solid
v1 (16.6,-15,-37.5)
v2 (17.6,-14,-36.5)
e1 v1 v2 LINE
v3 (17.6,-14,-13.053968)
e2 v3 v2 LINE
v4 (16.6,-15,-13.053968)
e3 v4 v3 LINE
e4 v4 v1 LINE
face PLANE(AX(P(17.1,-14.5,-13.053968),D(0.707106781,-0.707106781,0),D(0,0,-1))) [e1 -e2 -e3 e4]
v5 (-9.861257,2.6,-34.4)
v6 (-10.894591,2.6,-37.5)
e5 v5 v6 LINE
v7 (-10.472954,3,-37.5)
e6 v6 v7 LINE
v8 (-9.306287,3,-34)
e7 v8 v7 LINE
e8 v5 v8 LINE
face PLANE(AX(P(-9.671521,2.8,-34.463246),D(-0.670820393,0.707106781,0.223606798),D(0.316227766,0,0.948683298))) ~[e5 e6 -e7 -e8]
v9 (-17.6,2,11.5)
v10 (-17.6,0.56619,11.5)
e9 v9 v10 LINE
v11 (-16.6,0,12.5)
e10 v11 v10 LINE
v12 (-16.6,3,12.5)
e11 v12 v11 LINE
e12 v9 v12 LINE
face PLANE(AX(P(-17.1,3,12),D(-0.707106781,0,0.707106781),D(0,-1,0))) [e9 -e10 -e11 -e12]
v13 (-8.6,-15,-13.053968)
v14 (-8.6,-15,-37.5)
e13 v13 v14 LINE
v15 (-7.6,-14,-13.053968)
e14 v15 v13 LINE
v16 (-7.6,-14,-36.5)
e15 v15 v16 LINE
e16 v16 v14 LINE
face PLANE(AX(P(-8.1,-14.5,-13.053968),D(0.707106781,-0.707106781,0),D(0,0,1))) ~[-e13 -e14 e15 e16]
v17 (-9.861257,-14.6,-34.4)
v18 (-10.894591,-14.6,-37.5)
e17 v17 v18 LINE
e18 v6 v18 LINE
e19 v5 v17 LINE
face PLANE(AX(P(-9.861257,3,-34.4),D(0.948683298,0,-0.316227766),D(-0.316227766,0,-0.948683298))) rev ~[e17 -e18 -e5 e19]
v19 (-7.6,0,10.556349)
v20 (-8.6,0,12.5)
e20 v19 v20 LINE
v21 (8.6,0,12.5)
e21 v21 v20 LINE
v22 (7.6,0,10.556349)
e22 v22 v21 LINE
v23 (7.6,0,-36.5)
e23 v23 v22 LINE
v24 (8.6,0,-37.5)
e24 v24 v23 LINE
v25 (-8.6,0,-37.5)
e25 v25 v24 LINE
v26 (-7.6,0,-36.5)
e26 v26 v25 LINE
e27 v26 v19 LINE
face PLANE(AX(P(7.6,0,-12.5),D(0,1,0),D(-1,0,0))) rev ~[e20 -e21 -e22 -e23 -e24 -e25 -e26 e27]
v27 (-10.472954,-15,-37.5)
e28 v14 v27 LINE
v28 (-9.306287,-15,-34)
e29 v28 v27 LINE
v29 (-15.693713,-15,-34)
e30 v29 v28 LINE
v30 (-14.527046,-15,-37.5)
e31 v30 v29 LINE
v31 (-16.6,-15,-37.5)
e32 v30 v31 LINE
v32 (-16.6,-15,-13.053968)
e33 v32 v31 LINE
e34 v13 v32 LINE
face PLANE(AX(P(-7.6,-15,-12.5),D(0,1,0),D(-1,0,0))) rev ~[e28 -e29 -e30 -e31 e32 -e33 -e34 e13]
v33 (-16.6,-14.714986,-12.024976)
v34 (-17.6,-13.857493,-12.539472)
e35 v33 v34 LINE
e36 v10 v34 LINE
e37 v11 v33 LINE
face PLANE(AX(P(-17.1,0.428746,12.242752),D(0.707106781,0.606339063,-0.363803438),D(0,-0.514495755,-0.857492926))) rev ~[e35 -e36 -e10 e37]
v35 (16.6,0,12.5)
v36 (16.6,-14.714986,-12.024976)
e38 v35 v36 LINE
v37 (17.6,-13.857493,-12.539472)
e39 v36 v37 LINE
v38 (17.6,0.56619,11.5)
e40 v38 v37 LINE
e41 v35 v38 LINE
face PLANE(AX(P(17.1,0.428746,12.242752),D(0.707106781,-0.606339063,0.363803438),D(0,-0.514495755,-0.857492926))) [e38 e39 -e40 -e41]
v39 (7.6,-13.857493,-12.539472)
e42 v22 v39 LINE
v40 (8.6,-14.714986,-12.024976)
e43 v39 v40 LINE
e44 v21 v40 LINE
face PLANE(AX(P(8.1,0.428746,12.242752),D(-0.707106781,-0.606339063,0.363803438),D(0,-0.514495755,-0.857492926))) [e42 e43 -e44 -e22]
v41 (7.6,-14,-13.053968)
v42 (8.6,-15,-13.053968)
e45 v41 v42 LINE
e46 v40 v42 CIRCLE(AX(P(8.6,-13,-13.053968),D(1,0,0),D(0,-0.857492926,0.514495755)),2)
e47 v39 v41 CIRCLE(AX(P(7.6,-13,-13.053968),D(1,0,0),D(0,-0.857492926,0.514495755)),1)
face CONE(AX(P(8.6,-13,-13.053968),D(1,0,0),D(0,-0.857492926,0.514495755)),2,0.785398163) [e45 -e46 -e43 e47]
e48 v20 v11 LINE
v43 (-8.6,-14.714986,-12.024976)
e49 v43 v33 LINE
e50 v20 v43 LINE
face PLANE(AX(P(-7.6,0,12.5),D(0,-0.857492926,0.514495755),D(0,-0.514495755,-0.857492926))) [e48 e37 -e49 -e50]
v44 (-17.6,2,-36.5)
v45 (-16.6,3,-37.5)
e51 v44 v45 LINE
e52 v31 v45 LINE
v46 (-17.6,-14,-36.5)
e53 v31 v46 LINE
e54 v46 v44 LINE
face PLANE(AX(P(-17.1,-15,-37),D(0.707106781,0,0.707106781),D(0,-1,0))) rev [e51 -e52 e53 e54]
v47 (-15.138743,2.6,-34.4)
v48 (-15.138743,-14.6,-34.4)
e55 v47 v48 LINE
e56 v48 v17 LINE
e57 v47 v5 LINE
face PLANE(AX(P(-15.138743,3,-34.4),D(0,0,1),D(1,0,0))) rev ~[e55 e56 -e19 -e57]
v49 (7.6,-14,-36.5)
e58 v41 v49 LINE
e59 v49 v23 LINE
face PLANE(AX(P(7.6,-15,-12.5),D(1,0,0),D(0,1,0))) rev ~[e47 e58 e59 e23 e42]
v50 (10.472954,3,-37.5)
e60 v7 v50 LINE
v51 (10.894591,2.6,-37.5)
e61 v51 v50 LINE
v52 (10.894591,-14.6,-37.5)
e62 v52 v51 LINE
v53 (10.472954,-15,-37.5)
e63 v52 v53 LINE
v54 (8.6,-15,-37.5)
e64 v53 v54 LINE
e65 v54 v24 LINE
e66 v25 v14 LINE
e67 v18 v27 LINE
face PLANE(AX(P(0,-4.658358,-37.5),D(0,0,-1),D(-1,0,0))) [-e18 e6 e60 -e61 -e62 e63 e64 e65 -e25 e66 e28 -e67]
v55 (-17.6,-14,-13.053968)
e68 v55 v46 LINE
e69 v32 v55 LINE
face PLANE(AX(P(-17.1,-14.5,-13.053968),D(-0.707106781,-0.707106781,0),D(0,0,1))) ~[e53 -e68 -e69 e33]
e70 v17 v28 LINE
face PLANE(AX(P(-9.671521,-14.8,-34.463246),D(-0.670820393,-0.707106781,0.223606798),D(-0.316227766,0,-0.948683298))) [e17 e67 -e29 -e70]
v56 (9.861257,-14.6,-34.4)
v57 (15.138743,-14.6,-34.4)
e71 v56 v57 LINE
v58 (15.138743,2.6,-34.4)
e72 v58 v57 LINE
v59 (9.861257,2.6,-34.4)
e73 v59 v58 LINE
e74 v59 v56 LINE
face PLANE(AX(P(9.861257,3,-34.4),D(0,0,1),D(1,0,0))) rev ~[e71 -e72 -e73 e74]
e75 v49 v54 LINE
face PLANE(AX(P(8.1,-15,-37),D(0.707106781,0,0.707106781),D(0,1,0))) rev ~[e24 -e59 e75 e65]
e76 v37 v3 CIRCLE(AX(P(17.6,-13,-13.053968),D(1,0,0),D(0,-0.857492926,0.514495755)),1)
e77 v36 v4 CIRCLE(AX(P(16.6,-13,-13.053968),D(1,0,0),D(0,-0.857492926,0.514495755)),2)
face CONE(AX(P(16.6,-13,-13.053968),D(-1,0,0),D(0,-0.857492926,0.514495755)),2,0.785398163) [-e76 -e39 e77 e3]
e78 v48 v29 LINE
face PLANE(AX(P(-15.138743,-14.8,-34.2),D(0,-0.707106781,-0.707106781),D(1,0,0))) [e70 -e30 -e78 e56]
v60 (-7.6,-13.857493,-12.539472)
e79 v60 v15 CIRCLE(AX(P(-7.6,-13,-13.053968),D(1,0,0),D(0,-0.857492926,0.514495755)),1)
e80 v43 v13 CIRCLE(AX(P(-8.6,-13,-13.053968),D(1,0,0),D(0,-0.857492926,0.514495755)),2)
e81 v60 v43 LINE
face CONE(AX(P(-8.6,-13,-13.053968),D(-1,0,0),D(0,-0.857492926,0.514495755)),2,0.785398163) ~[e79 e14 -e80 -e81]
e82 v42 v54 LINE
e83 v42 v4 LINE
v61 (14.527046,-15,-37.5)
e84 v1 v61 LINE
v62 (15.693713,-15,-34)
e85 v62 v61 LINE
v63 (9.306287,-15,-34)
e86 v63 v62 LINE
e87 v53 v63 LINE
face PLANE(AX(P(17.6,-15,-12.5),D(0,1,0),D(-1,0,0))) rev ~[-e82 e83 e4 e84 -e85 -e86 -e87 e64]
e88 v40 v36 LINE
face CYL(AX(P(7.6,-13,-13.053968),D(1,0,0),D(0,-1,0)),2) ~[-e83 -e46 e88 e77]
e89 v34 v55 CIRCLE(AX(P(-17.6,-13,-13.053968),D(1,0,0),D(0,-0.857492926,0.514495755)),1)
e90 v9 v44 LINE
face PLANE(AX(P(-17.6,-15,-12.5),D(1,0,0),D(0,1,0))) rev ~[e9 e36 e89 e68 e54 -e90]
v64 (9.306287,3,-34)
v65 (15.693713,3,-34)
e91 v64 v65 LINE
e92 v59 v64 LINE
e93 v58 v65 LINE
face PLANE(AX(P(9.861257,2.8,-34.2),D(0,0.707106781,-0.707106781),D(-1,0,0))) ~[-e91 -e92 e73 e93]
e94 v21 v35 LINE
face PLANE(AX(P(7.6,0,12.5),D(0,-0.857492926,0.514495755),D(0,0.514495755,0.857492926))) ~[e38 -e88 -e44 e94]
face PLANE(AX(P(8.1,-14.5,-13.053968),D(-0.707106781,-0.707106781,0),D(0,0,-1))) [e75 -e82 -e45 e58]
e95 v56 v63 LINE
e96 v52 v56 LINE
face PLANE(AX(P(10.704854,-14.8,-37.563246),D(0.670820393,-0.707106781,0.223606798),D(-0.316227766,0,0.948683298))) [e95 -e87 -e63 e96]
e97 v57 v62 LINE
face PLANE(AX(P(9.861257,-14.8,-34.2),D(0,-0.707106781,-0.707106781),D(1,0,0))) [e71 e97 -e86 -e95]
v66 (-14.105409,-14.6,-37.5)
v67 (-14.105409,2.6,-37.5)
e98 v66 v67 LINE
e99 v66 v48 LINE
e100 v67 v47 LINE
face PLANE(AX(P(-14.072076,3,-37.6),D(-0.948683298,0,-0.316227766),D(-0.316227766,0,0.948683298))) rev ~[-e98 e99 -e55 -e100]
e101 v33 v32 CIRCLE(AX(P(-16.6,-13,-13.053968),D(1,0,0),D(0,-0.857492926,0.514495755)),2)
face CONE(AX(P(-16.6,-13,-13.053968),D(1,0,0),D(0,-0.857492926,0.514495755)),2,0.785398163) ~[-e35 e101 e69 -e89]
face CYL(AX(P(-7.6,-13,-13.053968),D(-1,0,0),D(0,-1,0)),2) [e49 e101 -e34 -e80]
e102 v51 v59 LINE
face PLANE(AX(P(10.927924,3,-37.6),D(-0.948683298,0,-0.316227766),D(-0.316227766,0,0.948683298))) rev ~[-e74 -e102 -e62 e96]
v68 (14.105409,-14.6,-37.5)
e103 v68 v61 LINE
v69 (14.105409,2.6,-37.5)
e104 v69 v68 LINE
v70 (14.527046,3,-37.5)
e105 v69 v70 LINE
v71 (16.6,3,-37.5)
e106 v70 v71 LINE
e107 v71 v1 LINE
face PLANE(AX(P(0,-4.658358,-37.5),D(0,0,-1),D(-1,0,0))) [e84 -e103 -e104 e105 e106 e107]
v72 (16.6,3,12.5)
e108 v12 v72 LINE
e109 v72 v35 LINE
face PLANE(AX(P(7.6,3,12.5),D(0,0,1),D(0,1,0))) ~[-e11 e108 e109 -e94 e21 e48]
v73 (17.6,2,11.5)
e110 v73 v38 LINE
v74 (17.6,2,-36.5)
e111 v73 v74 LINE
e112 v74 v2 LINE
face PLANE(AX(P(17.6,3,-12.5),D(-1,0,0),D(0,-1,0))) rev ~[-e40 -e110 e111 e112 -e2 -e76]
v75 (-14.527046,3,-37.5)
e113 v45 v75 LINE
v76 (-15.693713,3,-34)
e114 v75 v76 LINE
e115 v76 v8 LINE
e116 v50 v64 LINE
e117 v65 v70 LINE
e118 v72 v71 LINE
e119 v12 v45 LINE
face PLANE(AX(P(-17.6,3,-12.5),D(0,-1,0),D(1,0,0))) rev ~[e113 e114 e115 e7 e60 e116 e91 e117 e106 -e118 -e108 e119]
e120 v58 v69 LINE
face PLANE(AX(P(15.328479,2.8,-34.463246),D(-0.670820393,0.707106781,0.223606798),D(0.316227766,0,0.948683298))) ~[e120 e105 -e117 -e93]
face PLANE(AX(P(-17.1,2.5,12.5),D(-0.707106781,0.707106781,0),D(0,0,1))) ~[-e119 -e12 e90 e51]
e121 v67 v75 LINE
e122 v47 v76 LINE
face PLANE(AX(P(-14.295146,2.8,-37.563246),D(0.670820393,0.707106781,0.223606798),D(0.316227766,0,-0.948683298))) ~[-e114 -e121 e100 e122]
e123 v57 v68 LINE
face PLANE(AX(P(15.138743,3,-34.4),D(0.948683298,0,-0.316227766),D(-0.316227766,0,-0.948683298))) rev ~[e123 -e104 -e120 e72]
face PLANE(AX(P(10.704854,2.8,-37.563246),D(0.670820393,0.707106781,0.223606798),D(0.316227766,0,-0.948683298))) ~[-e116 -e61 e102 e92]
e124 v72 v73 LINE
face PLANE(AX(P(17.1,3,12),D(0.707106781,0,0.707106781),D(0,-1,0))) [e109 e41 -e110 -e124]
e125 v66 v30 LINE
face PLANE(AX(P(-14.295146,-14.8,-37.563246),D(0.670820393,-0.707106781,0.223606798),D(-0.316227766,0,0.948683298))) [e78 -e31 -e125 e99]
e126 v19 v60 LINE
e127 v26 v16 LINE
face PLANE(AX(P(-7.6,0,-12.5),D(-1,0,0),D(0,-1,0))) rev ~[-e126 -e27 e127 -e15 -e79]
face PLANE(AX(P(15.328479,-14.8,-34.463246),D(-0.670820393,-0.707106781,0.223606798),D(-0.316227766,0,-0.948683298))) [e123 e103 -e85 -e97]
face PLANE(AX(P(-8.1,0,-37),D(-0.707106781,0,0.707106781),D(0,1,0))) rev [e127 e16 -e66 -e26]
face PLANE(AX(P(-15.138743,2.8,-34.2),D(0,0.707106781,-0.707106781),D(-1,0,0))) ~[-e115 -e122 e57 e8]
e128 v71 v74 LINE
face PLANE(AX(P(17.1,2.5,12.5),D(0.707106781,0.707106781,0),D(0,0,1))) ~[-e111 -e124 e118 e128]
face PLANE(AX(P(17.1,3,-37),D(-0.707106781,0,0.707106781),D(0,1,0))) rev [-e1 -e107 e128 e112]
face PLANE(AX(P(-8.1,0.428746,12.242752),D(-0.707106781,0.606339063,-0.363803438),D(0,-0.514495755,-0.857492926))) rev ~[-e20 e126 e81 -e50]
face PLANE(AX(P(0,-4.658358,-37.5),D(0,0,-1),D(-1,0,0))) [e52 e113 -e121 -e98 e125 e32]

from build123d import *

# Parameters (mm, degrees)
SKETCH_1_W          = 15.2
SKETCH_1_H          = 25
EXTRUDE_1_DEPTH     = 3
EXTRUDE_3_DEPTH     = 10
EXTRUDE_4_DEPTH     = 25
CUT_EXTRUDE_1_DEPTH = 18
FILLET_2_R          = 2
CHAMFER_1_SIZE      = 1
CHAMFER_2_SIZE      = 0.4


with BuildPart() as part:
    # 草图1 → 凸台-拉伸1 (new body)
    with BuildSketch(Plane(origin=(0, 0, 0), x_dir=(1, 0, 0), z_dir=(0, 1, 0))):
        Rectangle(SKETCH_1_W, SKETCH_1_H)
    extrude(amount=EXTRUDE_1_DEPTH)

    # 草图4 → 凸台-拉伸3 (add)
    with BuildSketch(Plane.ZY.offset(7.6)):
        Polygon((-12.5, -15), (-12.5, 3), (12.5, 3), (12.5, 0), align=None)
    extrude_3 = extrude(amount=EXTRUDE_3_DEPTH)

    # 镜向4: 凸台-拉伸3 across plane
    add(extrude_3.mirror(Plane(origin=(0, 0, 0), x_dir=(0, 0, 1), z_dir=(1, 0, 0))))

    # 草图5 → 凸台-拉伸4 (add)
    with BuildSketch(Plane(origin=(0, 0, -12.5), x_dir=(-1, 0, 0), z_dir=(0, 0, -1))):
        Polygon((7.6, 0), (7.6, -15), (17.6, -15), (17.6, 3), (-17.6, 3), (-17.6, -15), (-7.6, -15), (-7.6, 0), align=None)
    extrude(amount=EXTRUDE_4_DEPTH)

    # 草图6 → 切除-拉伸1 (cut)
    with BuildSketch(Plane(origin=(0, 3, 0), x_dir=(1, 0, 0), z_dir=(0, 1, 0))):
        Polygon((14.072075922, 37.6), (10.927924078, 37.6), (9.861257411, 34.4), (15.138742589, 34.4), align=None)
        Polygon((-14.072075922, 37.6), (-15.138742589, 34.4), (-9.861257411, 34.4), (-10.927924078, 37.6), align=None)
    extrude(amount=-CUT_EXTRUDE_1_DEPTH, mode=Mode.SUBTRACT)

    # 圆角2
    fillet_2_edges = [part.edges().sort_by_distance(p)[0] for p in [
        (-12.6, -15, -12.5),
        (12.6, -15, -12.5),
    ]]
    fillet(fillet_2_edges, radius=FILLET_2_R)

    # 倒角1
    chamfer_1_edges = [part.edges().sort_by_distance(p)[0] for p in [
        (-7.6, -7.357492926, 0.23751179),
        (-17.6, -7.357492926, 0.23751179),
        (-7.6, -14.927429856, -12.520100766),
        (-17.6, -14.927429856, -12.520100766),
        (7.6, -7.357492926, 0.23751179),
        (7.6, -14.927429856, -12.520100766),
        (17.6, -7.357492926, 0.23751179),
        (17.6, -14.927429856, -12.520100766),
        (-17.6, 1.5, 12.5),
        (-17.6, 3, -12.5),
        (17.6, 3, -12.5),
        (17.6, 1.5, 12.5),
        (7.6, -15, -25.276983965),
        (-7.6, -15, -25.276983965),
        (-17.6, -15, -25.276983965),
        (17.6, -15, -25.276983965),
        (7.6, -7.5, -37.5),
        (-7.6, -7.5, -37.5),
        (-17.6, -6, -37.5),
        (17.6, -6, -37.5),
    ]]
    chamfer(chamfer_1_edges, length=CHAMFER_1_SIZE)

    # 倒角2
    chamfer_2_edges = [part.edges().sort_by_distance(p)[0] for p in [
        (10.377924078, 3, -35.95),
        (12.5, 3, -34.4),
        (14.622075922, 3, -35.95),
        (14.622075922, -15, -35.95),
        (12.5, -15, -34.4),
        (10.377924078, -15, -35.95),
        (-14.622075922, 3, -35.95),
        (-12.5, 3, -34.4),
        (-10.377924078, 3, -35.95),
        (-10.377924078, -15, -35.95),
        (-12.5, -15, -34.4),
        (-14.622075922, -15, -35.95),
    ]]
    chamfer(chamfer_2_edges, length=CHAMFER_2_SIZE)


solid = part.part
